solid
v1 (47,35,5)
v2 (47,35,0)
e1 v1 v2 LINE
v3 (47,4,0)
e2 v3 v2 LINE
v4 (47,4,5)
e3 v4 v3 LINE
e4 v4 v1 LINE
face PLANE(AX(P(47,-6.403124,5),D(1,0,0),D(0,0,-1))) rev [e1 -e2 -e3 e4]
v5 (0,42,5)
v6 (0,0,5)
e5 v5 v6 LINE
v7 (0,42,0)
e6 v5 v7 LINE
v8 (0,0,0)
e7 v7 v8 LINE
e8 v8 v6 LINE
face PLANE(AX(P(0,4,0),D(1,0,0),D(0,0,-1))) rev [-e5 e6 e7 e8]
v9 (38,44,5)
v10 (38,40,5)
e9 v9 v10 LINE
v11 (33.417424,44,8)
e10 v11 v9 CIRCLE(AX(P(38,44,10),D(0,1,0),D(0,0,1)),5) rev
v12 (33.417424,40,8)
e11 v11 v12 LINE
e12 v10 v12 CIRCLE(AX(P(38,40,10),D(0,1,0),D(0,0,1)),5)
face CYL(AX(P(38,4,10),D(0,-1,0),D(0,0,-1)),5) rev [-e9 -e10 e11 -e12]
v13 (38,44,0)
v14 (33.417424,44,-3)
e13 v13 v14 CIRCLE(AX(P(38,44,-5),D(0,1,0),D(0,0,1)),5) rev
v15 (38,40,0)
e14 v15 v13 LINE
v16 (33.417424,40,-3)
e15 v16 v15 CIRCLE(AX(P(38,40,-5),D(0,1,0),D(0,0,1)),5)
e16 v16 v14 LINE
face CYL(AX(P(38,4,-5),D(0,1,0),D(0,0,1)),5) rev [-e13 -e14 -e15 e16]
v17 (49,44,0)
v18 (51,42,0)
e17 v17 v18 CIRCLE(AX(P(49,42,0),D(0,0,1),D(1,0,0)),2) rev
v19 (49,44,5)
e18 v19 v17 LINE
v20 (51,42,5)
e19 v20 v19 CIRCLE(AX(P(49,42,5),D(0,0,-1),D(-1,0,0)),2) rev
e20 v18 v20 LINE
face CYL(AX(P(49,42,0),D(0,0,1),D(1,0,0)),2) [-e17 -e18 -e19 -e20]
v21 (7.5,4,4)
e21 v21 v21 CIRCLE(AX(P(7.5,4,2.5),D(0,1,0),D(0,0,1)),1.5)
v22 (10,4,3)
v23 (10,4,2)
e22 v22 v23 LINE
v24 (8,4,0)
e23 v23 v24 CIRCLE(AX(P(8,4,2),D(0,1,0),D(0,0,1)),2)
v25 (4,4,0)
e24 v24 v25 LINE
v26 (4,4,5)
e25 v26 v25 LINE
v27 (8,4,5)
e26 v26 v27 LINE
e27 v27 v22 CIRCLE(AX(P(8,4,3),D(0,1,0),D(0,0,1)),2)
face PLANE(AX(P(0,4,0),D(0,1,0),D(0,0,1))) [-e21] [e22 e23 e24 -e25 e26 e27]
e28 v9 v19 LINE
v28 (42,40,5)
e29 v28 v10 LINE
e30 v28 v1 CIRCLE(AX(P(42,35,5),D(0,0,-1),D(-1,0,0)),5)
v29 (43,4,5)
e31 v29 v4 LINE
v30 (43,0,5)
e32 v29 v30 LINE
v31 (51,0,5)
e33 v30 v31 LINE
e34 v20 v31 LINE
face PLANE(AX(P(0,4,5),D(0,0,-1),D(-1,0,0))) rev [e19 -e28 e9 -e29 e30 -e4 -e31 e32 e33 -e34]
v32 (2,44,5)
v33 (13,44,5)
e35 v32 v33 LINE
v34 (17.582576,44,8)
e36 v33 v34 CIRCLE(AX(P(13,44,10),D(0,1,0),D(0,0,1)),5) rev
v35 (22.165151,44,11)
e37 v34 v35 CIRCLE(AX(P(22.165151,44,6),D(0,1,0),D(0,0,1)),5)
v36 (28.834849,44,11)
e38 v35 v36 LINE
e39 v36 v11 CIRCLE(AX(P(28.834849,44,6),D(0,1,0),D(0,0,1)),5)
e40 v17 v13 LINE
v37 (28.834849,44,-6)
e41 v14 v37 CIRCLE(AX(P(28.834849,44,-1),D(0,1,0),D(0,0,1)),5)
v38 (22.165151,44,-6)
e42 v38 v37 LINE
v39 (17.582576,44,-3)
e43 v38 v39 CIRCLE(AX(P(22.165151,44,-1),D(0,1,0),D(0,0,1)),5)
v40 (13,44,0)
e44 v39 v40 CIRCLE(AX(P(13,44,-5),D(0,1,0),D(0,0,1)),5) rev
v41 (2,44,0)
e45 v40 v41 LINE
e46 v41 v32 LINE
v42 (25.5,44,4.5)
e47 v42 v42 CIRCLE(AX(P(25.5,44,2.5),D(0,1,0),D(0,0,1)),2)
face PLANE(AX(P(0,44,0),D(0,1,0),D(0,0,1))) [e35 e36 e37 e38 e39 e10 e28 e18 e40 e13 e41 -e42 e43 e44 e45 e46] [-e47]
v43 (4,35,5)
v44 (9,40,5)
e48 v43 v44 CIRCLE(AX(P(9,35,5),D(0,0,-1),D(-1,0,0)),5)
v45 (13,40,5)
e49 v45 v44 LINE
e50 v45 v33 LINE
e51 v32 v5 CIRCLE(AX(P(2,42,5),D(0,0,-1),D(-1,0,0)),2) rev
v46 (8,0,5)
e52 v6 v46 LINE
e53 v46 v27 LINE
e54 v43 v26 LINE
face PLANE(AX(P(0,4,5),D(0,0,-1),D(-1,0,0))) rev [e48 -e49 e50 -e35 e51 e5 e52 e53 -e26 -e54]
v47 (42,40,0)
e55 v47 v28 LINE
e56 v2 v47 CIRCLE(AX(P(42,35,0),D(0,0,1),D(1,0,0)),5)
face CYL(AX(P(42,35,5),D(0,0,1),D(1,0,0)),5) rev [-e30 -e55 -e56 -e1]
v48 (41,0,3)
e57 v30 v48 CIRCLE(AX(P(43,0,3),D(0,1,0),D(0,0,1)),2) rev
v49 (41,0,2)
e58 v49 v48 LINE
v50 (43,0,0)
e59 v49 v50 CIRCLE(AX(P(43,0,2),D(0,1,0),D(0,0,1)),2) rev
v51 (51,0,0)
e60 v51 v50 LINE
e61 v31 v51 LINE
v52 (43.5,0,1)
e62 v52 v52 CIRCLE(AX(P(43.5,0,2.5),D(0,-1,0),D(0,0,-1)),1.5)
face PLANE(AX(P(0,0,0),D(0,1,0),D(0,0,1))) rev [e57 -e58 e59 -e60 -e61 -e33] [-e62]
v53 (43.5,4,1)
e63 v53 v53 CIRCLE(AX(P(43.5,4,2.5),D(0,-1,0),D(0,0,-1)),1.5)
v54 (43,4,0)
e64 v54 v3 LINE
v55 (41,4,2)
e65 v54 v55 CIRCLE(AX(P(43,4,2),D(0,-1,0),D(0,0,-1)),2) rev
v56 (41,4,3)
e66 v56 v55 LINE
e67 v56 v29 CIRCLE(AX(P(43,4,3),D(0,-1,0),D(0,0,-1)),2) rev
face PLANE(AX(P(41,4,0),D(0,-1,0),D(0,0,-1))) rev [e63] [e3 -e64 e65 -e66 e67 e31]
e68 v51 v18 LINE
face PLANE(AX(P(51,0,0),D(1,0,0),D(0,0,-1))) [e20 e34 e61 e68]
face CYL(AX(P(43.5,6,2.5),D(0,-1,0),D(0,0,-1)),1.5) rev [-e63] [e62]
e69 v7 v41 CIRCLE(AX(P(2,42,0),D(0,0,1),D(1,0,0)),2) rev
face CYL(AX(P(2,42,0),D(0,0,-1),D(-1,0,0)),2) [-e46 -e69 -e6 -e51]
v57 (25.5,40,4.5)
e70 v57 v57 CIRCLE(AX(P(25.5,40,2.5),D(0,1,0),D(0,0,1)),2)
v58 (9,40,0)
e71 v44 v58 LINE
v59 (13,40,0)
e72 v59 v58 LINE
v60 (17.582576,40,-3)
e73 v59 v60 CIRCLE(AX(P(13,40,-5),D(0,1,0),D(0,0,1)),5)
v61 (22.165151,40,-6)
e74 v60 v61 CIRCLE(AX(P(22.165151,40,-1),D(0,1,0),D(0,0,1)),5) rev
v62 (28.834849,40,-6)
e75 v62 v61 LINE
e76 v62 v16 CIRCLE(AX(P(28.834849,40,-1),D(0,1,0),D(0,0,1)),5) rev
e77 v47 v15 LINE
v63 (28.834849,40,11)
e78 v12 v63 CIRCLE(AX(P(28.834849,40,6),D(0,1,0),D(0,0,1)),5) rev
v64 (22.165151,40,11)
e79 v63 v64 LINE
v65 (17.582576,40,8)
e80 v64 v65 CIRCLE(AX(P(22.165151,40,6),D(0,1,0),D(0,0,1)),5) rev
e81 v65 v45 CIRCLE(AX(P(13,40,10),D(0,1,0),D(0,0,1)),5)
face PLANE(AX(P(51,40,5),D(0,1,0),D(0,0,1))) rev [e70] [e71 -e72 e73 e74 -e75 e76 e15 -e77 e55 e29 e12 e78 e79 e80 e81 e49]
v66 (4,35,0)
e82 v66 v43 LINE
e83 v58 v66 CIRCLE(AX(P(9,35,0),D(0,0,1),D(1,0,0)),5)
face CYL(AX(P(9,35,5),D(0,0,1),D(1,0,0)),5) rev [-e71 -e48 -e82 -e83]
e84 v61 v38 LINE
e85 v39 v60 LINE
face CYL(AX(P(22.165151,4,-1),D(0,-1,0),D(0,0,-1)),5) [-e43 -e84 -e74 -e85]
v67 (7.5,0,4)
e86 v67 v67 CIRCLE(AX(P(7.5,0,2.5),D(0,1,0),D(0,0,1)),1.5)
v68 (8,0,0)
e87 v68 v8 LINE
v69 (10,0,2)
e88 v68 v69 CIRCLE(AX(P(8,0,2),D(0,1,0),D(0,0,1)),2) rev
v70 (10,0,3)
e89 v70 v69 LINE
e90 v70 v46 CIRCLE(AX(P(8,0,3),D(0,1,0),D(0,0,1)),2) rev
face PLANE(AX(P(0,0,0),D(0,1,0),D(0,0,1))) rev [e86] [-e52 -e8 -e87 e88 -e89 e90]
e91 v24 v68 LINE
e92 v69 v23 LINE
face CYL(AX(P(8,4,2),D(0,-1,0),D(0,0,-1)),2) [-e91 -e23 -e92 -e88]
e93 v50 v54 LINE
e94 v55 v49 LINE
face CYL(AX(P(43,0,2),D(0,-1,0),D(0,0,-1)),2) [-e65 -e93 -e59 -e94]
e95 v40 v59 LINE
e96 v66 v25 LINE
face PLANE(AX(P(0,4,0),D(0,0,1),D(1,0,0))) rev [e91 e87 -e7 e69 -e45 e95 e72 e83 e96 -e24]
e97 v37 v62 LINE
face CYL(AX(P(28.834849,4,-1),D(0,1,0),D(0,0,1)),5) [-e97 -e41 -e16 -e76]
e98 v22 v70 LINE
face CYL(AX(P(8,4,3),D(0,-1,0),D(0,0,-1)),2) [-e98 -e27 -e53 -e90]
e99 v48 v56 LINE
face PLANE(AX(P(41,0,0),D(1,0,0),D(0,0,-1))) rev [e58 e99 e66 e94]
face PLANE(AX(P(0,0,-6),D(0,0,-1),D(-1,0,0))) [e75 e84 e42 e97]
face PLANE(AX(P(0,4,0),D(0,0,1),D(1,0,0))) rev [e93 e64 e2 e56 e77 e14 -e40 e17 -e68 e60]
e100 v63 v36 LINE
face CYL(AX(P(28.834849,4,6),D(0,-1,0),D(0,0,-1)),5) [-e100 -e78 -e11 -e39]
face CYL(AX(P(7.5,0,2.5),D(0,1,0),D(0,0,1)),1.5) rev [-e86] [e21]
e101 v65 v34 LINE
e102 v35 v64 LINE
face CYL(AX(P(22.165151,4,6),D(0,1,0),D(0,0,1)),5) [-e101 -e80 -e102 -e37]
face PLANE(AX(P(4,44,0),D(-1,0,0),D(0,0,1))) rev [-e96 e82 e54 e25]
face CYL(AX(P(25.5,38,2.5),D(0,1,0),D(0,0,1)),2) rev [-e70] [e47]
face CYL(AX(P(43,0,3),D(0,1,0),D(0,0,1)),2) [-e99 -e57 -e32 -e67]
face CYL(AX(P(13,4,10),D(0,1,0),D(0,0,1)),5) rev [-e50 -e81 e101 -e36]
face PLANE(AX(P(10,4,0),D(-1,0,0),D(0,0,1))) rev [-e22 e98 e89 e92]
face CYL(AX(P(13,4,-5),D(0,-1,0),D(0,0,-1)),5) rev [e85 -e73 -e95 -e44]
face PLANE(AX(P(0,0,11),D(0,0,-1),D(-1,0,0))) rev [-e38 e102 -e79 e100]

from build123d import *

# Parameters (mm, degrees)
SKETCH_1_W           = 10
SKETCH_1_H           = 5
EXTRUDE_1_DEPTH      = 4
SKETCH_3_R           = 1.5
CUT_EXTRUDE_1_DEPTH  = 4
SKETCH_4_W           = 4
SKETCH_4_H           = 5
EXTRUDE_2_DEPTH      = 40
SKETCH_5_W           = 5
SKETCH_5_H           = 4
EXTRUDE_3_DEPTH      = 47
SKETCH_7_W           = 4
SKETCH_7_H           = 5
EXTRUDE_4_DEPTH      = 40
SKETCH_8_W           = 5
SKETCH_8_H           = 4
EXTRUDE_5_DEPTH      = 6
SKETCH_10_R          = 1.5
CUT_EXTRUDE_2_DEPTH  = 6
EXTRUDE_6_DEPTH      = 6
EXTRUDE_6_DEPTH_BACK = 11
SKETCH_11_W          = 15
SKETCH_11_H          = 4
FILLET_1_R           = 5
SKETCH_12_R          = 2
CUT_EXTRUDE_3_DEPTH  = 6
FILLET_2_R           = 5
FILLET_3_R           = 5
FILLET_4_R           = 2
FILLET_5_R           = 2


with BuildPart() as part:
    # 草图1 → 凸台-拉伸1 (new body)
    with BuildSketch(Plane(origin=(0, 0, 0), x_dir=(1, 0, 0), z_dir=(0, 1, 0))):
        with Locations((5, -2.5)):
            Rectangle(SKETCH_1_W, SKETCH_1_H)
    extrude(amount=EXTRUDE_1_DEPTH)

    # 草图3 → 切除-拉伸1 (cut)
    with BuildSketch(Plane(origin=(0, 4, 0), x_dir=(1, 0, 0), z_dir=(0, 1, 0))):
        with Locations(Location((7.5, -2.5, 0), (0, 0, 270))):
            Circle(SKETCH_3_R)
    extrude(amount=-CUT_EXTRUDE_1_DEPTH, mode=Mode.SUBTRACT)

    # 草图4 → 凸台-拉伸2 (add)
    with BuildSketch(Plane(origin=(0, 4, 0), x_dir=(1, 0, 0), z_dir=(0, 1, 0))):
        with Locations((2, -2.5)):
            Rectangle(SKETCH_4_W, SKETCH_4_H)
    extrude(amount=EXTRUDE_2_DEPTH)

    # 草图5 → 凸台-拉伸3 (add)
    with BuildSketch(Plane(origin=(4, 0, 0), x_dir=(0, 0, -1), z_dir=(1, 0, 0))):
        with Locations((-2.5, 42)):
            Rectangle(SKETCH_5_W, SKETCH_5_H)
    extrude(amount=EXTRUDE_3_DEPTH)

    # 草图7 → 凸台-拉伸4 (add)
    with BuildSketch(Plane(origin=(0, 40, 0), x_dir=(-1, 0, 0), z_dir=(0, -1, 0))):
        with Locations((-49, -2.5)):
            Rectangle(SKETCH_7_W, SKETCH_7_H)
    extrude(amount=EXTRUDE_4_DEPTH)

    # 草图8 → 凸台-拉伸5 (add)
    with BuildSketch(Plane.ZY.offset(-47)):
        with Locations((2.5, 2)):
            Rectangle(SKETCH_8_W, SKETCH_8_H)
    extrude(amount=EXTRUDE_5_DEPTH)

    # 草图10 → 切除-拉伸2 (cut)
    with BuildSketch(Plane(origin=(0, 0, 0), x_dir=(-1, 0, 0), z_dir=(0, -1, 0))):
        with Locations(Location((-43.5, -2.5, 0), (0, 0, 90))):
            Circle(SKETCH_10_R)
    extrude(amount=-CUT_EXTRUDE_2_DEPTH, mode=Mode.SUBTRACT)

    # 草图11 → 凸台-拉伸6 (add, two sides: drawn at the far end of the back side and taken through both)
    with BuildSketch(Plane(origin=(0, 0, 0), x_dir=(-1, 0, 0), z_dir=(0, 0, -1)).offset(-EXTRUDE_6_DEPTH_BACK)):
        with Locations((-25.5, 42)):
            Rectangle(SKETCH_11_W, SKETCH_11_H)
    extrude(amount=EXTRUDE_6_DEPTH + EXTRUDE_6_DEPTH_BACK)

    # 圆角1
    fillet_1_edges = [part.edges().sort_by_distance(p)[0] for p in [
        (33, 42, 5),
        (33, 42, 0),
        (18, 42, 5),
        (18, 42, 0),
    ]]
    fillet(fillet_1_edges, radius=FILLET_1_R)

    # 草图12 → 切除-拉伸3 (cut)
    with BuildSketch(Plane(origin=(0, 44, 0), x_dir=(1, 0, 0), z_dir=(0, 1, 0))):
        with Locations(Location((25.5, -2.5, 0), (0, 0, 270))):
            Circle(SKETCH_12_R)
    extrude(amount=-CUT_EXTRUDE_3_DEPTH, mode=Mode.SUBTRACT)

    # 圆角2
    fillet_2_edges = [part.edges().sort_by_distance(p)[0] for p in [
        (18, 42, -6),
        (33, 42, -6),
        (33, 42, 11),
        (18, 42, 11),
    ]]
    fillet(fillet_2_edges, radius=FILLET_2_R)

    # 圆角3
    fillet_3_edges = [part.edges().sort_by_distance(p)[0] for p in [
        (4, 40, 2.5),
        (47, 40, 2.5),
    ]]
    fillet(fillet_3_edges, radius=FILLET_3_R)

    # 圆角4
    fillet_4_edges = [part.edges().sort_by_distance(p)[0] for p in [
        (10, 2, 0),
        (10, 2, 5),
    ]]
    fillet(fillet_4_edges, radius=FILLET_4_R)

    # 圆角5
    fillet_5_edges = [part.edges().sort_by_distance(p)[0] for p in [
        (0, 44, 2.5),
        (51, 44, 2.5),
        (41, 2, 0),
        (41, 2, 5),
    ]]
    fillet(fillet_5_edges, radius=FILLET_5_R)


solid = part.part
